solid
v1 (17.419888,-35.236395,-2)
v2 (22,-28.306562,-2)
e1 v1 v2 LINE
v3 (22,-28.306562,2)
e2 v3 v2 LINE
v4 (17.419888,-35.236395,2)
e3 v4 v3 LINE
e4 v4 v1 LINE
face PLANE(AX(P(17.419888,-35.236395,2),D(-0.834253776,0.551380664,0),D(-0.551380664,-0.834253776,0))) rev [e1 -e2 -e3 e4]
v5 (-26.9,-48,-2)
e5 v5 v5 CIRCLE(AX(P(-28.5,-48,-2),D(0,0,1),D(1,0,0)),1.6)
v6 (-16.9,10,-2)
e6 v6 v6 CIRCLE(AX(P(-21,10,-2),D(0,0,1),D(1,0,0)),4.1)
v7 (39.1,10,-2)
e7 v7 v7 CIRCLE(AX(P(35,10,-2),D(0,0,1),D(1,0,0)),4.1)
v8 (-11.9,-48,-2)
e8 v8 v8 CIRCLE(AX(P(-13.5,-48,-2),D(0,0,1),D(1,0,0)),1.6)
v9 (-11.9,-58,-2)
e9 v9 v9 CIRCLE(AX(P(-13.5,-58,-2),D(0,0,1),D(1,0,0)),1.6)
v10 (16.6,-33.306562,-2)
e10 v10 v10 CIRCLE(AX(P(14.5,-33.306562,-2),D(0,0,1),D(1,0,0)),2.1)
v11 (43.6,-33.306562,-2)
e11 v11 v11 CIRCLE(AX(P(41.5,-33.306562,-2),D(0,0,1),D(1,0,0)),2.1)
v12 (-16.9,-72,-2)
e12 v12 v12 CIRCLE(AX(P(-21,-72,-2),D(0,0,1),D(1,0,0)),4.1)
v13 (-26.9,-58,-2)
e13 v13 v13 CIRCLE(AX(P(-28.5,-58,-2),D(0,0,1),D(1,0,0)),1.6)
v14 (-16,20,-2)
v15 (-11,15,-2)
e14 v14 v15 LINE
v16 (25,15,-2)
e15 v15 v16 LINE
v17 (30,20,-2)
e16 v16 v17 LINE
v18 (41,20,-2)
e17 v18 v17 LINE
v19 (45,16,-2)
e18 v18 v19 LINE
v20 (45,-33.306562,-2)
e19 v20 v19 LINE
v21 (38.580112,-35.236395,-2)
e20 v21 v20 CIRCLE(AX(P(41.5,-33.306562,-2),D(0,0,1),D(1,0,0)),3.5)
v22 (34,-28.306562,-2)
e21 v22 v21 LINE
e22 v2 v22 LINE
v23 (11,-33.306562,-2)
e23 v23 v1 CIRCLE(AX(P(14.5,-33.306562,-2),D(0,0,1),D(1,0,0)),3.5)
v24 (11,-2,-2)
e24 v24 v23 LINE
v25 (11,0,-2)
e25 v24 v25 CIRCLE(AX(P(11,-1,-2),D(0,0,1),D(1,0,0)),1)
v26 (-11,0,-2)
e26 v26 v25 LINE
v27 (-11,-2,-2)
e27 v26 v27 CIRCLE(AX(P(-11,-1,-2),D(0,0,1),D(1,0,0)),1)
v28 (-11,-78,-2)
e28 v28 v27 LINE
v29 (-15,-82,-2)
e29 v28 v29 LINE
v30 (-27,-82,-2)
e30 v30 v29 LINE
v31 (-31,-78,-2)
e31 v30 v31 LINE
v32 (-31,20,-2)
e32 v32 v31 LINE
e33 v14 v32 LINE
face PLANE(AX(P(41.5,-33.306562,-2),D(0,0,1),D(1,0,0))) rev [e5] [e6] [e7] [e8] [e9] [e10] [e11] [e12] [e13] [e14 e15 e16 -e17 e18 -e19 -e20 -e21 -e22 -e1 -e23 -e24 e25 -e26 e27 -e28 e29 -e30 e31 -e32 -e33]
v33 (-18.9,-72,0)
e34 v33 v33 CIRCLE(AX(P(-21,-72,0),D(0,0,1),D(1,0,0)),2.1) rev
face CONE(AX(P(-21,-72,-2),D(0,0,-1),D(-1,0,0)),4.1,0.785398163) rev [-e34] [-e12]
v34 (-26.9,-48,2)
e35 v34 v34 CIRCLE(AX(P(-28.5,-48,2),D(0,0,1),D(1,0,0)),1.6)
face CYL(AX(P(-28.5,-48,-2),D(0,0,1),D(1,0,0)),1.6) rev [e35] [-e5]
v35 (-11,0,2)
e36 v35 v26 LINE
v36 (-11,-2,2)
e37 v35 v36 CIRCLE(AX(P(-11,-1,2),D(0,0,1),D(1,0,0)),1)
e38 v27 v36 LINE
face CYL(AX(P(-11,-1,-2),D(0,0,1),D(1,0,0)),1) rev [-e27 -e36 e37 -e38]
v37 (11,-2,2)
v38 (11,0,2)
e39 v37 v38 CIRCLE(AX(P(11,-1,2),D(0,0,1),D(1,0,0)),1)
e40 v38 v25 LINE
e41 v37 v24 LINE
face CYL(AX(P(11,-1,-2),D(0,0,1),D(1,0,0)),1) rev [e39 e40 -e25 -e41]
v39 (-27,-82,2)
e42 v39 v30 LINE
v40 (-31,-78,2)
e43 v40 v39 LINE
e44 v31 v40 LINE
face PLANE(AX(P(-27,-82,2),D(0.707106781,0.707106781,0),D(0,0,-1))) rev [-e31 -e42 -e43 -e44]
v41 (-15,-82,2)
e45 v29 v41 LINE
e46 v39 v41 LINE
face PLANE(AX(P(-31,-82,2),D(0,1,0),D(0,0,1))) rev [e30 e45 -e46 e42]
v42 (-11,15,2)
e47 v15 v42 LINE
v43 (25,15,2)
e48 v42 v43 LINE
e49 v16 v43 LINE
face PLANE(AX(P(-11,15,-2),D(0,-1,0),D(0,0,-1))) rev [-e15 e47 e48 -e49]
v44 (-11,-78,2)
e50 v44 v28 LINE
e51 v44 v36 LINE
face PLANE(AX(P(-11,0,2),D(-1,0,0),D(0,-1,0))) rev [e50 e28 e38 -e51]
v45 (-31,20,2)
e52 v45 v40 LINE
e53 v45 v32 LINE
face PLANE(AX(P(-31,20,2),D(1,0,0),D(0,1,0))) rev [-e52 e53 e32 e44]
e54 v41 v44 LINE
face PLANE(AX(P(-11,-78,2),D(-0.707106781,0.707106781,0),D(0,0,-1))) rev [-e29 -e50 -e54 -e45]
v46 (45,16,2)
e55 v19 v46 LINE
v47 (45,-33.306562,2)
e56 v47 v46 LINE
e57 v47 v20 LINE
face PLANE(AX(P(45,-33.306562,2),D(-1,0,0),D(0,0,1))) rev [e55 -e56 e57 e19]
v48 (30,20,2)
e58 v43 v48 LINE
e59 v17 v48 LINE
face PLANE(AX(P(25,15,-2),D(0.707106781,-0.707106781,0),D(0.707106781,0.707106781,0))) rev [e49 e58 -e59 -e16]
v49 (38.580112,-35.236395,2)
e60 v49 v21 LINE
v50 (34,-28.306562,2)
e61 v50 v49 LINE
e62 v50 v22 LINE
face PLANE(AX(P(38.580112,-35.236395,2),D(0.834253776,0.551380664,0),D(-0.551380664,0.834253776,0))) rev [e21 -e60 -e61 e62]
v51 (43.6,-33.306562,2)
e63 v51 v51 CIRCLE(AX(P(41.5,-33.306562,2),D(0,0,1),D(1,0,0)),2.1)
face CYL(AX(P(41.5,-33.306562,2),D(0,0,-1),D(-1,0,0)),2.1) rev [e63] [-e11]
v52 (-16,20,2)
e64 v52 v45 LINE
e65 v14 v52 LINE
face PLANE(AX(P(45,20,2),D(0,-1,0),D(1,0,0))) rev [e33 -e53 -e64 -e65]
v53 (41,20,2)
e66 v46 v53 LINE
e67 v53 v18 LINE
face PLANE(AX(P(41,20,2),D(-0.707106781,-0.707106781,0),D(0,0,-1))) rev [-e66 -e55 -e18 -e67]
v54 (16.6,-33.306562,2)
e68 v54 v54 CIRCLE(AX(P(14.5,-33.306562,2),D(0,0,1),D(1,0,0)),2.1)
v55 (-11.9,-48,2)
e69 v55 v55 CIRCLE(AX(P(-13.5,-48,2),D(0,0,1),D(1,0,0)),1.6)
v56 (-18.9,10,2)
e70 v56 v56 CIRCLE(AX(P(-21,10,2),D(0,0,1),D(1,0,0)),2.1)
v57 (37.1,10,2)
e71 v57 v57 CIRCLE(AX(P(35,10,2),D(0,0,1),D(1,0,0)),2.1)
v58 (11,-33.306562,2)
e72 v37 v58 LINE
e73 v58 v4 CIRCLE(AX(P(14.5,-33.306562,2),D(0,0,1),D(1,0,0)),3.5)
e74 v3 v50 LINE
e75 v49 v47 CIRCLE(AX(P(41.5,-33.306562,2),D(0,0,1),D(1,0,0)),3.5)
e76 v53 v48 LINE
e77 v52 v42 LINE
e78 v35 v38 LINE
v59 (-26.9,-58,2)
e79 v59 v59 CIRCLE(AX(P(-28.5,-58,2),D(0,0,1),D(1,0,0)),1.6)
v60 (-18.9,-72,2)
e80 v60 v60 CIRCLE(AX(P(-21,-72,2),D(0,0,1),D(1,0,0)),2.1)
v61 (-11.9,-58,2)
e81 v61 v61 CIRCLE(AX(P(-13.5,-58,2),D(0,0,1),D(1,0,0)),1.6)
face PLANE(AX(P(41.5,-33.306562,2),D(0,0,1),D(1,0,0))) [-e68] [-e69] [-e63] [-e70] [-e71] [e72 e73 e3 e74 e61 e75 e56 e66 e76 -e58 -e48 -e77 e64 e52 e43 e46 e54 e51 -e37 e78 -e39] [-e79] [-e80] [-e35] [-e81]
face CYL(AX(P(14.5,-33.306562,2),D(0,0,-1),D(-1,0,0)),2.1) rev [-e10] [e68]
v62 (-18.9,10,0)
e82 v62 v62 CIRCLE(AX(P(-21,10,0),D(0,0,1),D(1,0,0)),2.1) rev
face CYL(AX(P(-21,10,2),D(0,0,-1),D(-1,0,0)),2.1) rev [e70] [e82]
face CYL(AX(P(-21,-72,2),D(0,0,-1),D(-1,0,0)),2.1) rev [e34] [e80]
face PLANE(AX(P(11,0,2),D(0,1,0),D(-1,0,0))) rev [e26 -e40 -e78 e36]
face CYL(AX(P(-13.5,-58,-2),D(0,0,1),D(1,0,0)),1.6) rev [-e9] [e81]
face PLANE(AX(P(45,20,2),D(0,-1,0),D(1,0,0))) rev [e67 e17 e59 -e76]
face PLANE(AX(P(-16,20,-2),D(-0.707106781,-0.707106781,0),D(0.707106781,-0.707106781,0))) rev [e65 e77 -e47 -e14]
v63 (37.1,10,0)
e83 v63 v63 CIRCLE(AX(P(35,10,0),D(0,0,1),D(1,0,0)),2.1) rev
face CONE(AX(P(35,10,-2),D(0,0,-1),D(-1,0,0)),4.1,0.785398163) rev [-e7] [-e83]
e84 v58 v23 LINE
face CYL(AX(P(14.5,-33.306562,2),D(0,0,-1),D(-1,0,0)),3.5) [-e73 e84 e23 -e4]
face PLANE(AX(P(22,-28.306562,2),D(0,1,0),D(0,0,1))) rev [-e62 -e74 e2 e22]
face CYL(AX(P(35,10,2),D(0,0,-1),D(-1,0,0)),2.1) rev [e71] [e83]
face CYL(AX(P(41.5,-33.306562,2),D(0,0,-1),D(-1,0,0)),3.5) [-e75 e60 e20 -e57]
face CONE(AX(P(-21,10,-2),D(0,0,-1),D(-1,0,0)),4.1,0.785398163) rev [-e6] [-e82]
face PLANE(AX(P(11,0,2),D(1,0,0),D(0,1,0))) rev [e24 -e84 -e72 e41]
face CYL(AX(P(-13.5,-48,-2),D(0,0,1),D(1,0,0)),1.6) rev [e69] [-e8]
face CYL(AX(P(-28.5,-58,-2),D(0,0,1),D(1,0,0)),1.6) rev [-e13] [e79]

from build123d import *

# Parameters (mm, degrees)
SKETCH_1_R          = 2.1
EXTRUDE_1_DEPTH     = 2
CUT_EXTRUDE_1_DEPTH = 94.621578709
CHAMFER_1_SIZE      = 2
SKETCH_4_R          = 1
CUT_EXTRUDE_2_DEPTH = 94.621578709
CHAMFER_2_SIZE      = 4
SKETCH_7_R          = 1.6
CUT_EXTRUDE_3_DEPTH = 94.621578709


with BuildPart() as part:
    # 草图1 → 凸台-拉伸1 (new, symmetric)
    with BuildSketch(Plane.XY):
        with BuildLine():
            Line((11, 0), (-11, 0))
            Line((-11, 0), (-11, -82))
            Line((-11, -82), (-31, -82))
            Line((-31, -82), (-31, 20))
            Line((-31, 20), (45, 20))
            Line((45, 20), (45, -33.306562209))
            ThreePointArc((45, -33.306562209), (42.507569164, -36.65839818), (38.580111783, -35.236394534))
            Line((38.580111783, -35.236394534), (34, -28.306562209))
            Line((34, -28.306562209), (22, -28.306562209))
            Line((22, -28.306562209), (17.419888217, -35.236394534))
            ThreePointArc((17.419888217, -35.236394534), (13.492430836, -36.65839818), (11, -33.306562209))
            Line((11, -33.306562209), (11, 0))
        make_face()
        with Locations((-21, 10)):
            Circle(SKETCH_1_R, mode=Mode.SUBTRACT)
        with Locations((35, 10)):
            Circle(SKETCH_1_R, mode=Mode.SUBTRACT)
        with Locations((14.5, -33.306562209)):
            Circle(SKETCH_1_R, mode=Mode.SUBTRACT)
        with Locations((41.5, -33.306562209)):
            Circle(SKETCH_1_R, mode=Mode.SUBTRACT)
        with Locations((-21, -72)):
            Circle(SKETCH_1_R, mode=Mode.SUBTRACT)
    extrude(amount=EXTRUDE_1_DEPTH, both=True)

    # 草图3 → 切除-拉伸1 (cut, through all)
    with BuildSketch(Plane.XY.offset(2)):
        Polygon((-16, 20), (-11, 15), (25, 15), (30, 20), align=None)
    extrude(amount=-CUT_EXTRUDE_1_DEPTH, mode=Mode.SUBTRACT)

    # 倒角1
    chamfer_1_edges = [part.edges().sort_by_distance(p)[0] for p in [
        (-23.1, 10, -2),
        (32.9, 10, -2),
        (-23.1, -72, -2),
    ]]
    chamfer(chamfer_1_edges, length=CHAMFER_1_SIZE)

    # 草图4 → 切除-拉伸2 (cut, through all)
    with BuildSketch(Plane.XY.offset(2)):
        with Locations((-11, -1)):
            Circle(SKETCH_4_R)
        with Locations((11, -1)):
            Circle(SKETCH_4_R)
    extrude(amount=-CUT_EXTRUDE_2_DEPTH, mode=Mode.SUBTRACT)

    # 倒角2
    chamfer_2_edges = [part.edges().sort_by_distance(p)[0] for p in [
        (-11, -82, 0),
        (-31, -82, 0),
        (45, 20, 0),
    ]]
    chamfer(chamfer_2_edges, length=CHAMFER_2_SIZE)

    # 草图7 → 切除-拉伸3 (cut, through all)
    with BuildSketch(Plane.XY.offset(2)):
        with Locations((-28.5, -48)):
            Circle(SKETCH_7_R)
        with Locations((-28.5, -58)):
            Circle(SKETCH_7_R)
        with Locations((-13.5, -48)):
            Circle(SKETCH_7_R)
        with Locations((-13.5, -58)):
            Circle(SKETCH_7_R)
    extrude(amount=-CUT_EXTRUDE_3_DEPTH, mode=Mode.SUBTRACT)


solid = part.part
